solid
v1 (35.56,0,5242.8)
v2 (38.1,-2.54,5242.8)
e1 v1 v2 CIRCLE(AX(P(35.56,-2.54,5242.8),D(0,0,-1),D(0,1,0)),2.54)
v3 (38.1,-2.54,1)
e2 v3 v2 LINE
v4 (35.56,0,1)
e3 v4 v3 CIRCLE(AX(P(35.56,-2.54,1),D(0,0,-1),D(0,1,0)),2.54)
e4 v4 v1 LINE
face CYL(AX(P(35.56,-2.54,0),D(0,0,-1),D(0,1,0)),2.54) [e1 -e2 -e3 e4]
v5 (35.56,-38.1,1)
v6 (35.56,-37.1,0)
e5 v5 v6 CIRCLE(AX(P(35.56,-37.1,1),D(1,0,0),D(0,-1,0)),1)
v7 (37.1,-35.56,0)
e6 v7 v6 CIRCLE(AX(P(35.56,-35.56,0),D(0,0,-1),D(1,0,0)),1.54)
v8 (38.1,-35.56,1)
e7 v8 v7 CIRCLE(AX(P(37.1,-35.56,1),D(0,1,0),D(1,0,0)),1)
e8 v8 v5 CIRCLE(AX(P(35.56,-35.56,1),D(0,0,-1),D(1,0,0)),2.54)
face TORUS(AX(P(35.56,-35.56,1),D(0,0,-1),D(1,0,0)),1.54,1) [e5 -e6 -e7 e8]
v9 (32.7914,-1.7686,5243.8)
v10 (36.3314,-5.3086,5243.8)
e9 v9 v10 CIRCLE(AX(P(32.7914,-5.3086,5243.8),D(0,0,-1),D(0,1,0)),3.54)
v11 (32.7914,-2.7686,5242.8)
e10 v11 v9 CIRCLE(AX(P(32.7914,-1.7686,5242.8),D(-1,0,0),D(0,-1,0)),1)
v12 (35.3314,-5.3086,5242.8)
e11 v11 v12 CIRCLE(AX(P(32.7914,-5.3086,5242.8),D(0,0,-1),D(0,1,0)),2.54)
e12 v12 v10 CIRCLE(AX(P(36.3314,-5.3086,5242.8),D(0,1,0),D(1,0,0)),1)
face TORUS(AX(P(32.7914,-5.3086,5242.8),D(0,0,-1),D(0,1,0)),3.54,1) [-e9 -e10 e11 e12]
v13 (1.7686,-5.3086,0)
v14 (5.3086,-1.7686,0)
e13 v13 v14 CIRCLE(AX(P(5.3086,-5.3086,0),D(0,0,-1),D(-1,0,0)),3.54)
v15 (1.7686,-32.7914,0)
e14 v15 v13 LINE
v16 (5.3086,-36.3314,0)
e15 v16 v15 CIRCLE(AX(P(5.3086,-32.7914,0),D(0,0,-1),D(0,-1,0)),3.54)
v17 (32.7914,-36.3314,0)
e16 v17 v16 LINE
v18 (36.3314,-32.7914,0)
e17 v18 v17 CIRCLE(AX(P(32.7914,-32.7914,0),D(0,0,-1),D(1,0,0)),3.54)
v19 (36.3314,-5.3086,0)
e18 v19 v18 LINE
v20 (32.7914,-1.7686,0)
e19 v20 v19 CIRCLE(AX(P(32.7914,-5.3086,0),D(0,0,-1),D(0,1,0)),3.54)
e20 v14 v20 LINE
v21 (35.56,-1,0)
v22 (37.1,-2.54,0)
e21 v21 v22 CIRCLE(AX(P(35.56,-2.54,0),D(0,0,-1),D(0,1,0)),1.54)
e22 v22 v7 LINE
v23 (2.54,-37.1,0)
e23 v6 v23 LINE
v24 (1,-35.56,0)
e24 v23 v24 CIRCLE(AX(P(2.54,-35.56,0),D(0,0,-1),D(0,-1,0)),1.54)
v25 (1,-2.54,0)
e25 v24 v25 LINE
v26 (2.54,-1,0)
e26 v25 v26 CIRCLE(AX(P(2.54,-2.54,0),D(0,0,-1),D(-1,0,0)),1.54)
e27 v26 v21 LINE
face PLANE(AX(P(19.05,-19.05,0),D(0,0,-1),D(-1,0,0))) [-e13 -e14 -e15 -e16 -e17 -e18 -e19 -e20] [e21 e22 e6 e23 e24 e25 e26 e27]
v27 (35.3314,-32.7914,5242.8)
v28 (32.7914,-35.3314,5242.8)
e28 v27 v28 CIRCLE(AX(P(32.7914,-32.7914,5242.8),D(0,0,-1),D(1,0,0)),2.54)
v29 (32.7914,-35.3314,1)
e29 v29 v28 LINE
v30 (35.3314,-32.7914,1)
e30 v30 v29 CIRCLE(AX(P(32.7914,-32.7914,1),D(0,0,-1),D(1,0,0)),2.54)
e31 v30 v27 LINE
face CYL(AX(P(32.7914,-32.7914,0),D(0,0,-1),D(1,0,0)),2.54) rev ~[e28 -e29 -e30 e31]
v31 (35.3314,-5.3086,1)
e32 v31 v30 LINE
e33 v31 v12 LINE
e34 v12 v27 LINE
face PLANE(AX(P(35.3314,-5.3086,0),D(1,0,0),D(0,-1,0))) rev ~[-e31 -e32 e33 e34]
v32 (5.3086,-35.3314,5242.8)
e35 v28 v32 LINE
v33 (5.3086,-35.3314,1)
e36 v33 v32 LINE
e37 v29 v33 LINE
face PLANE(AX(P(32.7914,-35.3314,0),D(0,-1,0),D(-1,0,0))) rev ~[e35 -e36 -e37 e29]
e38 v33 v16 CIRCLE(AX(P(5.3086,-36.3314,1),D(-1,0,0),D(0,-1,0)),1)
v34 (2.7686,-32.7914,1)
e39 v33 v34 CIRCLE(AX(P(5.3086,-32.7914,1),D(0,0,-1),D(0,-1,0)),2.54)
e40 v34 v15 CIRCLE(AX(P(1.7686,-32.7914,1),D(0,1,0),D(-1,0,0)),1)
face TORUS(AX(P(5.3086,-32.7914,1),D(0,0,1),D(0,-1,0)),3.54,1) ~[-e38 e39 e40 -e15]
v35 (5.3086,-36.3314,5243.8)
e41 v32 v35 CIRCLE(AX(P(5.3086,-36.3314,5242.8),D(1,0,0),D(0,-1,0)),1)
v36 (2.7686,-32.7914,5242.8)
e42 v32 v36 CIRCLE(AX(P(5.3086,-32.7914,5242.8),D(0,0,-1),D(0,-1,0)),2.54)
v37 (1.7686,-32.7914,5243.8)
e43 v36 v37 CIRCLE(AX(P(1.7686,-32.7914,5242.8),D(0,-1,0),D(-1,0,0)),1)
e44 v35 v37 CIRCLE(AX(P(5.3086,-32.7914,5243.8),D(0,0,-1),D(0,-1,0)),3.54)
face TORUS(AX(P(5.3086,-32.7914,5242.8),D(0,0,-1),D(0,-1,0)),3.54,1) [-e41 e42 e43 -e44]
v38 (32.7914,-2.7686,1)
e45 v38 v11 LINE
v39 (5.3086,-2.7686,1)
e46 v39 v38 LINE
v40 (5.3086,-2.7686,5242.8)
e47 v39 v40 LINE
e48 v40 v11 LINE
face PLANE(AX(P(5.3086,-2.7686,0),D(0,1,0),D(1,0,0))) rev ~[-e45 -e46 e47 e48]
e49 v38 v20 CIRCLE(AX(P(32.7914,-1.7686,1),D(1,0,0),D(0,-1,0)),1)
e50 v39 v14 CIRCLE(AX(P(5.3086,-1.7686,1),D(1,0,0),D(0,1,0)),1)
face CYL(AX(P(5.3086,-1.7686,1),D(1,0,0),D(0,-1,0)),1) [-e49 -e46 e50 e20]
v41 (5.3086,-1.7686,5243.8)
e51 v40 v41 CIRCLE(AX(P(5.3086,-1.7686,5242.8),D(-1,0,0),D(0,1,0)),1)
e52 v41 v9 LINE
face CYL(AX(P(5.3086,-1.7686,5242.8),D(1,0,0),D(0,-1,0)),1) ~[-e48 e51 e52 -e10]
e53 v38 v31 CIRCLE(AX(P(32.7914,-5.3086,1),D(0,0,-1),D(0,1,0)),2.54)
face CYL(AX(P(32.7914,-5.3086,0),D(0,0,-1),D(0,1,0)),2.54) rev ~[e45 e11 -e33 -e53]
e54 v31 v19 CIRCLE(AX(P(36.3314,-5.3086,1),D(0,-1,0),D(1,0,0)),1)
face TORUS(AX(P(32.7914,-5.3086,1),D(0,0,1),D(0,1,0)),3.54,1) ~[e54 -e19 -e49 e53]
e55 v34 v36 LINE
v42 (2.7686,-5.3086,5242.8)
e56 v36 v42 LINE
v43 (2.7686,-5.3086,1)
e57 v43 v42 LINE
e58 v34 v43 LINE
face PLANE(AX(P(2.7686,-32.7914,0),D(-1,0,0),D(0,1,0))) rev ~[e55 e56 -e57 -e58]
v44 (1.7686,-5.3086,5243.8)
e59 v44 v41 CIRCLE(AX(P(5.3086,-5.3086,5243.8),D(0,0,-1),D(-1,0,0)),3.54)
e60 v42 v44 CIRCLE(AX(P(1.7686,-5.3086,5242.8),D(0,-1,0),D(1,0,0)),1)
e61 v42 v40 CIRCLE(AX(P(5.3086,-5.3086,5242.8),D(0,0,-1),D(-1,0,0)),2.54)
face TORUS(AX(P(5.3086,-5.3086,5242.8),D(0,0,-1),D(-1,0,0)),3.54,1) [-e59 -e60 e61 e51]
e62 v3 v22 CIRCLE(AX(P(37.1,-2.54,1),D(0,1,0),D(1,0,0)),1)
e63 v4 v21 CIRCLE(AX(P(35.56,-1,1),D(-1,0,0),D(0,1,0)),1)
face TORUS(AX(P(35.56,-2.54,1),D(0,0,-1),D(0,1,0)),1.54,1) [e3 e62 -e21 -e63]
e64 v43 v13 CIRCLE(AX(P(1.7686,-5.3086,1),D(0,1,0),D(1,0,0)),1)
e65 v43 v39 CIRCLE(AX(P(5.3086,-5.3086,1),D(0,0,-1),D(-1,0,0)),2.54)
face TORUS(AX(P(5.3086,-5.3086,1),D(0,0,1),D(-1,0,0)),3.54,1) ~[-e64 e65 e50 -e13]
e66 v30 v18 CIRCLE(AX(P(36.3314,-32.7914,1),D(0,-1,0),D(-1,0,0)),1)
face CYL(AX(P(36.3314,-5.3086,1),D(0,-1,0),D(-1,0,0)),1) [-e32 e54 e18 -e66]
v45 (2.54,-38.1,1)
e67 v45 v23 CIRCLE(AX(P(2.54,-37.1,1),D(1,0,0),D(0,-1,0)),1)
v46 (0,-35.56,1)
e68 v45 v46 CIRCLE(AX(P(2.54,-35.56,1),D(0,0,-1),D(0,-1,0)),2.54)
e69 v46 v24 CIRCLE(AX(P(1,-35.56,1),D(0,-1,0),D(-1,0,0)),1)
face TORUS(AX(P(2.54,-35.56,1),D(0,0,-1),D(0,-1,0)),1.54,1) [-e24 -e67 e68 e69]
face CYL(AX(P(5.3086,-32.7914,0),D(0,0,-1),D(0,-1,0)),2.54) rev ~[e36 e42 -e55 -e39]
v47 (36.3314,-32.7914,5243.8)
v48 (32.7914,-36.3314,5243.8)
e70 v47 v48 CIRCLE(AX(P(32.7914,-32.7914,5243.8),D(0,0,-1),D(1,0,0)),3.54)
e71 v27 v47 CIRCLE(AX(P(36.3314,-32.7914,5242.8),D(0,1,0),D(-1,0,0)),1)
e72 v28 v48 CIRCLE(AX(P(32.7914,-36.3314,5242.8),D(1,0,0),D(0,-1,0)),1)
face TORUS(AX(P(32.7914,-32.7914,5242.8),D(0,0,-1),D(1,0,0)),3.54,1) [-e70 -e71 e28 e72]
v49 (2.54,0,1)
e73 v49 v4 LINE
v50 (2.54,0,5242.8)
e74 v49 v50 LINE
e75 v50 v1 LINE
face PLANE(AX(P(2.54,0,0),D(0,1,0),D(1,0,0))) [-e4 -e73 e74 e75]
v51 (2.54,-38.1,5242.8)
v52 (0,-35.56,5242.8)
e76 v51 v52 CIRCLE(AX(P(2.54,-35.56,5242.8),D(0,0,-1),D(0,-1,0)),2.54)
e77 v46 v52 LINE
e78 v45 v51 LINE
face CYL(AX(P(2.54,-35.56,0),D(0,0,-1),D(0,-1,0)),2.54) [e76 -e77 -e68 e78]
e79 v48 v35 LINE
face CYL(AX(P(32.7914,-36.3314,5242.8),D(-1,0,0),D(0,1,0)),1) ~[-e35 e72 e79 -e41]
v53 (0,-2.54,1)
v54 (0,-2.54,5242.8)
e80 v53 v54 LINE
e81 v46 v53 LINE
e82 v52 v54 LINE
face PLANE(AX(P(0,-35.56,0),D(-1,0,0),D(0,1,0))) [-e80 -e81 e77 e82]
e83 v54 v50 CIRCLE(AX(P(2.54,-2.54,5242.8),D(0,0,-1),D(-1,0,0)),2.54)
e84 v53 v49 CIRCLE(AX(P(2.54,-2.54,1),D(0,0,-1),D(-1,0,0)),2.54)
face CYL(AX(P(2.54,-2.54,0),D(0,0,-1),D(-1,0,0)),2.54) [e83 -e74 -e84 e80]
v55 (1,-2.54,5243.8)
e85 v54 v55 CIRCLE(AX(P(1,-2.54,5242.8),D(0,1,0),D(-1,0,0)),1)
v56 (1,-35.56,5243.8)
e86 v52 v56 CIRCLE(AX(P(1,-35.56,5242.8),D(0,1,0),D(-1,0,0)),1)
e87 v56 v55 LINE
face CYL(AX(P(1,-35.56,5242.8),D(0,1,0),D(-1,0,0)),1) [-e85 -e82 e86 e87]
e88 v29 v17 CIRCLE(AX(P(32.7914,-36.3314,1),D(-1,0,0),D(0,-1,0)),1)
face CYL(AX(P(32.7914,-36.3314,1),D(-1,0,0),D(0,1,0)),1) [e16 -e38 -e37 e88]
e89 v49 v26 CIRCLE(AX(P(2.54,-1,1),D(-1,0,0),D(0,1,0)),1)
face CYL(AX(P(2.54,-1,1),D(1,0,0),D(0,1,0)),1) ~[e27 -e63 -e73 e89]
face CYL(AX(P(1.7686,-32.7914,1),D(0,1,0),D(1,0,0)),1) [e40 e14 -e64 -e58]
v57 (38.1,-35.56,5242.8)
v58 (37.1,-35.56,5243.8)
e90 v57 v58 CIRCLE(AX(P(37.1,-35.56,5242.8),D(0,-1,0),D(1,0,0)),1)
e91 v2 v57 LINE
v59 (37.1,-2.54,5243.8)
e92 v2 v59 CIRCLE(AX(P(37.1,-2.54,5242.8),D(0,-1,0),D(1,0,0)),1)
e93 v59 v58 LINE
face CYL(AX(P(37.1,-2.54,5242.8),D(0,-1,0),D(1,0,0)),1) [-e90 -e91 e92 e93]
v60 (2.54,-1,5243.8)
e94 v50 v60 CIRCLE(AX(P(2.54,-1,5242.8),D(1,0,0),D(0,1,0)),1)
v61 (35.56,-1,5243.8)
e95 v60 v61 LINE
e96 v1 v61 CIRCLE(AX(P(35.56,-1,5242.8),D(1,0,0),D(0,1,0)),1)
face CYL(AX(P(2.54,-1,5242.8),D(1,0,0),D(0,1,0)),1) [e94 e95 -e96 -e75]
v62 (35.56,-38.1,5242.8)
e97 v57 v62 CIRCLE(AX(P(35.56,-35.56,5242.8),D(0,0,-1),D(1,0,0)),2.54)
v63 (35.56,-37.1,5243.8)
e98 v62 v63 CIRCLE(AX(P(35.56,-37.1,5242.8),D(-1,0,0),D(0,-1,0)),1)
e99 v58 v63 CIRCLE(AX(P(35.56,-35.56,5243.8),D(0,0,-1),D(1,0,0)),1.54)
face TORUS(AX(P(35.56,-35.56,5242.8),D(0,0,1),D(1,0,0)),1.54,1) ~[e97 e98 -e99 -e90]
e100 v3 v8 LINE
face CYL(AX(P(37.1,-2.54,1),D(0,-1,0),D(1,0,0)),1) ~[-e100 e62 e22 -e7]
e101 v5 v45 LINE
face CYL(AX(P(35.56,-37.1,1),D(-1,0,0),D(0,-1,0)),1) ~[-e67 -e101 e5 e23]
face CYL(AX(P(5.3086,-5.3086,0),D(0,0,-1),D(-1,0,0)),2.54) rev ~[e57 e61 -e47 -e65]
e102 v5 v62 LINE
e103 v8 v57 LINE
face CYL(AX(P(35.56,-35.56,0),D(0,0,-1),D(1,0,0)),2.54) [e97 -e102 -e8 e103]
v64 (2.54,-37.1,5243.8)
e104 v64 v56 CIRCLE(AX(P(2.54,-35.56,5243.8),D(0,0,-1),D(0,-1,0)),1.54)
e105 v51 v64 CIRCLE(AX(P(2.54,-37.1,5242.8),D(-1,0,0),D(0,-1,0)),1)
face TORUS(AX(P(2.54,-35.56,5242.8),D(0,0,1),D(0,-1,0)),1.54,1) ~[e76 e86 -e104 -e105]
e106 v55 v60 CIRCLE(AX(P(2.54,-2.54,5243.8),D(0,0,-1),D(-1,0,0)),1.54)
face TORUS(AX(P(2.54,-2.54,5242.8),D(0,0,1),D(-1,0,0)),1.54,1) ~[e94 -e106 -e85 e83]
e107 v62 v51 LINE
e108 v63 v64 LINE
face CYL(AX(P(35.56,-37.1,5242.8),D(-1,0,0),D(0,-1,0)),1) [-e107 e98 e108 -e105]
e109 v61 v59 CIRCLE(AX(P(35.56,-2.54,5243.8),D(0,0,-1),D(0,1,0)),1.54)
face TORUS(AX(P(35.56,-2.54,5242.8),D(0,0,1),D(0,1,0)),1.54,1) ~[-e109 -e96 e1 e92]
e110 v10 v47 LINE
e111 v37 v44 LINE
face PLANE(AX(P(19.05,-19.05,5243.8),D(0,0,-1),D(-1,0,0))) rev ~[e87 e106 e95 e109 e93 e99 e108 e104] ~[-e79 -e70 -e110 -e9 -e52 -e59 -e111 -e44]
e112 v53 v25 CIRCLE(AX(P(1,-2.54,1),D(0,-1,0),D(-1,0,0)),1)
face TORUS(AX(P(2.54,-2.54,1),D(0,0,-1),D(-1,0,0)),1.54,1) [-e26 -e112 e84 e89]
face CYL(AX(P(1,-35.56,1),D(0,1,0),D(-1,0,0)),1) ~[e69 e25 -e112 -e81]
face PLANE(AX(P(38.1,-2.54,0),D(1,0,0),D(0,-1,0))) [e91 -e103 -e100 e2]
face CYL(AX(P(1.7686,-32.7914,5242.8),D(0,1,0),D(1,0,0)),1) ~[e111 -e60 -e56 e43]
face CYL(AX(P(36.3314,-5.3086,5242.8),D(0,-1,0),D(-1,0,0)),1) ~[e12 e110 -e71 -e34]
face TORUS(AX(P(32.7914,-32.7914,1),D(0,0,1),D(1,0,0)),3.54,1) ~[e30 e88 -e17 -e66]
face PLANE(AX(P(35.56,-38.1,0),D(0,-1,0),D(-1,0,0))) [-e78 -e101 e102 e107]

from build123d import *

# Parameters (mm, degrees)
BOSS_EXTRUDE1_DEPTH = 5243.80000006
FILLET1_R           = 1


with BuildPart() as part:
    # Sketch1 → Boss-Extrude1 (new body)
    with BuildSketch(Plane.XY):
        with BuildLine():
            Line((2.54, 0), (35.56, 0))
            ThreePointArc((35.56, 0), (37.356051224, -0.743948776), (38.1, -2.54))
            Line((38.1, -2.54), (38.1, -35.56))
            ThreePointArc((38.1, -35.56), (37.356051224, -37.356051224), (35.56, -38.1))
            Line((35.56, -38.1), (2.54, -38.1))
            ThreePointArc((2.54, -38.1), (0.743948776, -37.356051224), (0, -35.56))
            Line((0, -35.56), (0, -2.54))
            ThreePointArc((0, -2.54), (0.743948776, -0.743948776), (2.54, 0))
        make_face()
        with BuildLine():
            Line((5.3086, -2.7686), (32.7914, -2.7686))
            ThreePointArc((32.7914, -2.7686), (34.587451224, -3.512548776), (35.3314, -5.3086))
            Line((35.3314, -5.3086), (35.3314, -32.7914))
            ThreePointArc((35.3314, -32.7914), (34.587451224, -34.587451224), (32.7914, -35.3314))
            Line((32.7914, -35.3314), (5.3086, -35.3314))
            ThreePointArc((5.3086, -35.3314), (3.512548776, -34.587451224), (2.7686, -32.7914))
            Line((2.7686, -32.7914), (2.7686, -5.3086))
            ThreePointArc((2.7686, -5.3086), (3.512548776, -3.512548776), (5.3086, -2.7686))
        make_face(mode=Mode.SUBTRACT)
    extrude(amount=BOSS_EXTRUDE1_DEPTH)

    # Fillet1
    fillet1_edges = [part.edges().sort_by_distance(p)[0] for p in [
        (37.356051224, -37.356051224, 5243.80000006),
        (19.05, -38.1, 0),
        (0.743948776, -37.356051224, 0),
        (38.1, -19.05, 5243.80000006),
        (37.356051224, -0.743948776, 5243.80000006),
        (19.05, 0, 5243.80000006),
        (0.743948776, -0.743948776, 5243.80000006),
        (0, -19.05, 5243.80000006),
        (3.512548776, -34.587451224, 0),
        (19.05, -35.3314, 0),
        (34.587451224, -34.587451224, 0),
        (35.3314, -19.05, 0),
        (34.587451224, -3.512548776, 0),
        (19.05, -2.7686, 0),
        (3.512548776, -3.512548776, 0),
        (2.7686, -19.05, 0),
        (3.512548776, -34.587451224, 5243.80000006),
        (19.05, -35.3314, 5243.80000006),
        (34.587451224, -34.587451224, 5243.80000006),
        (35.3314, -19.05, 5243.80000006),
        (34.587451224, -3.512548776, 5243.80000006),
        (19.05, -2.7686, 5243.80000006),
        (3.512548776, -3.512548776, 5243.80000006),
        (2.7686, -19.05, 5243.80000006),
        (0.743948776, -37.356051224, 5243.80000006),
        (19.05, -38.1, 5243.80000006),
        (0, -19.05, 0),
        (0.743948776, -0.743948776, 0),
        (19.05, 0, 0),
        (37.356051224, -0.743948776, 0),
        (38.1, -19.05, 0),
        (37.356051224, -37.356051224, 0),
    ]]
    fillet(fillet1_edges, radius=FILLET1_R)


solid = part.part
